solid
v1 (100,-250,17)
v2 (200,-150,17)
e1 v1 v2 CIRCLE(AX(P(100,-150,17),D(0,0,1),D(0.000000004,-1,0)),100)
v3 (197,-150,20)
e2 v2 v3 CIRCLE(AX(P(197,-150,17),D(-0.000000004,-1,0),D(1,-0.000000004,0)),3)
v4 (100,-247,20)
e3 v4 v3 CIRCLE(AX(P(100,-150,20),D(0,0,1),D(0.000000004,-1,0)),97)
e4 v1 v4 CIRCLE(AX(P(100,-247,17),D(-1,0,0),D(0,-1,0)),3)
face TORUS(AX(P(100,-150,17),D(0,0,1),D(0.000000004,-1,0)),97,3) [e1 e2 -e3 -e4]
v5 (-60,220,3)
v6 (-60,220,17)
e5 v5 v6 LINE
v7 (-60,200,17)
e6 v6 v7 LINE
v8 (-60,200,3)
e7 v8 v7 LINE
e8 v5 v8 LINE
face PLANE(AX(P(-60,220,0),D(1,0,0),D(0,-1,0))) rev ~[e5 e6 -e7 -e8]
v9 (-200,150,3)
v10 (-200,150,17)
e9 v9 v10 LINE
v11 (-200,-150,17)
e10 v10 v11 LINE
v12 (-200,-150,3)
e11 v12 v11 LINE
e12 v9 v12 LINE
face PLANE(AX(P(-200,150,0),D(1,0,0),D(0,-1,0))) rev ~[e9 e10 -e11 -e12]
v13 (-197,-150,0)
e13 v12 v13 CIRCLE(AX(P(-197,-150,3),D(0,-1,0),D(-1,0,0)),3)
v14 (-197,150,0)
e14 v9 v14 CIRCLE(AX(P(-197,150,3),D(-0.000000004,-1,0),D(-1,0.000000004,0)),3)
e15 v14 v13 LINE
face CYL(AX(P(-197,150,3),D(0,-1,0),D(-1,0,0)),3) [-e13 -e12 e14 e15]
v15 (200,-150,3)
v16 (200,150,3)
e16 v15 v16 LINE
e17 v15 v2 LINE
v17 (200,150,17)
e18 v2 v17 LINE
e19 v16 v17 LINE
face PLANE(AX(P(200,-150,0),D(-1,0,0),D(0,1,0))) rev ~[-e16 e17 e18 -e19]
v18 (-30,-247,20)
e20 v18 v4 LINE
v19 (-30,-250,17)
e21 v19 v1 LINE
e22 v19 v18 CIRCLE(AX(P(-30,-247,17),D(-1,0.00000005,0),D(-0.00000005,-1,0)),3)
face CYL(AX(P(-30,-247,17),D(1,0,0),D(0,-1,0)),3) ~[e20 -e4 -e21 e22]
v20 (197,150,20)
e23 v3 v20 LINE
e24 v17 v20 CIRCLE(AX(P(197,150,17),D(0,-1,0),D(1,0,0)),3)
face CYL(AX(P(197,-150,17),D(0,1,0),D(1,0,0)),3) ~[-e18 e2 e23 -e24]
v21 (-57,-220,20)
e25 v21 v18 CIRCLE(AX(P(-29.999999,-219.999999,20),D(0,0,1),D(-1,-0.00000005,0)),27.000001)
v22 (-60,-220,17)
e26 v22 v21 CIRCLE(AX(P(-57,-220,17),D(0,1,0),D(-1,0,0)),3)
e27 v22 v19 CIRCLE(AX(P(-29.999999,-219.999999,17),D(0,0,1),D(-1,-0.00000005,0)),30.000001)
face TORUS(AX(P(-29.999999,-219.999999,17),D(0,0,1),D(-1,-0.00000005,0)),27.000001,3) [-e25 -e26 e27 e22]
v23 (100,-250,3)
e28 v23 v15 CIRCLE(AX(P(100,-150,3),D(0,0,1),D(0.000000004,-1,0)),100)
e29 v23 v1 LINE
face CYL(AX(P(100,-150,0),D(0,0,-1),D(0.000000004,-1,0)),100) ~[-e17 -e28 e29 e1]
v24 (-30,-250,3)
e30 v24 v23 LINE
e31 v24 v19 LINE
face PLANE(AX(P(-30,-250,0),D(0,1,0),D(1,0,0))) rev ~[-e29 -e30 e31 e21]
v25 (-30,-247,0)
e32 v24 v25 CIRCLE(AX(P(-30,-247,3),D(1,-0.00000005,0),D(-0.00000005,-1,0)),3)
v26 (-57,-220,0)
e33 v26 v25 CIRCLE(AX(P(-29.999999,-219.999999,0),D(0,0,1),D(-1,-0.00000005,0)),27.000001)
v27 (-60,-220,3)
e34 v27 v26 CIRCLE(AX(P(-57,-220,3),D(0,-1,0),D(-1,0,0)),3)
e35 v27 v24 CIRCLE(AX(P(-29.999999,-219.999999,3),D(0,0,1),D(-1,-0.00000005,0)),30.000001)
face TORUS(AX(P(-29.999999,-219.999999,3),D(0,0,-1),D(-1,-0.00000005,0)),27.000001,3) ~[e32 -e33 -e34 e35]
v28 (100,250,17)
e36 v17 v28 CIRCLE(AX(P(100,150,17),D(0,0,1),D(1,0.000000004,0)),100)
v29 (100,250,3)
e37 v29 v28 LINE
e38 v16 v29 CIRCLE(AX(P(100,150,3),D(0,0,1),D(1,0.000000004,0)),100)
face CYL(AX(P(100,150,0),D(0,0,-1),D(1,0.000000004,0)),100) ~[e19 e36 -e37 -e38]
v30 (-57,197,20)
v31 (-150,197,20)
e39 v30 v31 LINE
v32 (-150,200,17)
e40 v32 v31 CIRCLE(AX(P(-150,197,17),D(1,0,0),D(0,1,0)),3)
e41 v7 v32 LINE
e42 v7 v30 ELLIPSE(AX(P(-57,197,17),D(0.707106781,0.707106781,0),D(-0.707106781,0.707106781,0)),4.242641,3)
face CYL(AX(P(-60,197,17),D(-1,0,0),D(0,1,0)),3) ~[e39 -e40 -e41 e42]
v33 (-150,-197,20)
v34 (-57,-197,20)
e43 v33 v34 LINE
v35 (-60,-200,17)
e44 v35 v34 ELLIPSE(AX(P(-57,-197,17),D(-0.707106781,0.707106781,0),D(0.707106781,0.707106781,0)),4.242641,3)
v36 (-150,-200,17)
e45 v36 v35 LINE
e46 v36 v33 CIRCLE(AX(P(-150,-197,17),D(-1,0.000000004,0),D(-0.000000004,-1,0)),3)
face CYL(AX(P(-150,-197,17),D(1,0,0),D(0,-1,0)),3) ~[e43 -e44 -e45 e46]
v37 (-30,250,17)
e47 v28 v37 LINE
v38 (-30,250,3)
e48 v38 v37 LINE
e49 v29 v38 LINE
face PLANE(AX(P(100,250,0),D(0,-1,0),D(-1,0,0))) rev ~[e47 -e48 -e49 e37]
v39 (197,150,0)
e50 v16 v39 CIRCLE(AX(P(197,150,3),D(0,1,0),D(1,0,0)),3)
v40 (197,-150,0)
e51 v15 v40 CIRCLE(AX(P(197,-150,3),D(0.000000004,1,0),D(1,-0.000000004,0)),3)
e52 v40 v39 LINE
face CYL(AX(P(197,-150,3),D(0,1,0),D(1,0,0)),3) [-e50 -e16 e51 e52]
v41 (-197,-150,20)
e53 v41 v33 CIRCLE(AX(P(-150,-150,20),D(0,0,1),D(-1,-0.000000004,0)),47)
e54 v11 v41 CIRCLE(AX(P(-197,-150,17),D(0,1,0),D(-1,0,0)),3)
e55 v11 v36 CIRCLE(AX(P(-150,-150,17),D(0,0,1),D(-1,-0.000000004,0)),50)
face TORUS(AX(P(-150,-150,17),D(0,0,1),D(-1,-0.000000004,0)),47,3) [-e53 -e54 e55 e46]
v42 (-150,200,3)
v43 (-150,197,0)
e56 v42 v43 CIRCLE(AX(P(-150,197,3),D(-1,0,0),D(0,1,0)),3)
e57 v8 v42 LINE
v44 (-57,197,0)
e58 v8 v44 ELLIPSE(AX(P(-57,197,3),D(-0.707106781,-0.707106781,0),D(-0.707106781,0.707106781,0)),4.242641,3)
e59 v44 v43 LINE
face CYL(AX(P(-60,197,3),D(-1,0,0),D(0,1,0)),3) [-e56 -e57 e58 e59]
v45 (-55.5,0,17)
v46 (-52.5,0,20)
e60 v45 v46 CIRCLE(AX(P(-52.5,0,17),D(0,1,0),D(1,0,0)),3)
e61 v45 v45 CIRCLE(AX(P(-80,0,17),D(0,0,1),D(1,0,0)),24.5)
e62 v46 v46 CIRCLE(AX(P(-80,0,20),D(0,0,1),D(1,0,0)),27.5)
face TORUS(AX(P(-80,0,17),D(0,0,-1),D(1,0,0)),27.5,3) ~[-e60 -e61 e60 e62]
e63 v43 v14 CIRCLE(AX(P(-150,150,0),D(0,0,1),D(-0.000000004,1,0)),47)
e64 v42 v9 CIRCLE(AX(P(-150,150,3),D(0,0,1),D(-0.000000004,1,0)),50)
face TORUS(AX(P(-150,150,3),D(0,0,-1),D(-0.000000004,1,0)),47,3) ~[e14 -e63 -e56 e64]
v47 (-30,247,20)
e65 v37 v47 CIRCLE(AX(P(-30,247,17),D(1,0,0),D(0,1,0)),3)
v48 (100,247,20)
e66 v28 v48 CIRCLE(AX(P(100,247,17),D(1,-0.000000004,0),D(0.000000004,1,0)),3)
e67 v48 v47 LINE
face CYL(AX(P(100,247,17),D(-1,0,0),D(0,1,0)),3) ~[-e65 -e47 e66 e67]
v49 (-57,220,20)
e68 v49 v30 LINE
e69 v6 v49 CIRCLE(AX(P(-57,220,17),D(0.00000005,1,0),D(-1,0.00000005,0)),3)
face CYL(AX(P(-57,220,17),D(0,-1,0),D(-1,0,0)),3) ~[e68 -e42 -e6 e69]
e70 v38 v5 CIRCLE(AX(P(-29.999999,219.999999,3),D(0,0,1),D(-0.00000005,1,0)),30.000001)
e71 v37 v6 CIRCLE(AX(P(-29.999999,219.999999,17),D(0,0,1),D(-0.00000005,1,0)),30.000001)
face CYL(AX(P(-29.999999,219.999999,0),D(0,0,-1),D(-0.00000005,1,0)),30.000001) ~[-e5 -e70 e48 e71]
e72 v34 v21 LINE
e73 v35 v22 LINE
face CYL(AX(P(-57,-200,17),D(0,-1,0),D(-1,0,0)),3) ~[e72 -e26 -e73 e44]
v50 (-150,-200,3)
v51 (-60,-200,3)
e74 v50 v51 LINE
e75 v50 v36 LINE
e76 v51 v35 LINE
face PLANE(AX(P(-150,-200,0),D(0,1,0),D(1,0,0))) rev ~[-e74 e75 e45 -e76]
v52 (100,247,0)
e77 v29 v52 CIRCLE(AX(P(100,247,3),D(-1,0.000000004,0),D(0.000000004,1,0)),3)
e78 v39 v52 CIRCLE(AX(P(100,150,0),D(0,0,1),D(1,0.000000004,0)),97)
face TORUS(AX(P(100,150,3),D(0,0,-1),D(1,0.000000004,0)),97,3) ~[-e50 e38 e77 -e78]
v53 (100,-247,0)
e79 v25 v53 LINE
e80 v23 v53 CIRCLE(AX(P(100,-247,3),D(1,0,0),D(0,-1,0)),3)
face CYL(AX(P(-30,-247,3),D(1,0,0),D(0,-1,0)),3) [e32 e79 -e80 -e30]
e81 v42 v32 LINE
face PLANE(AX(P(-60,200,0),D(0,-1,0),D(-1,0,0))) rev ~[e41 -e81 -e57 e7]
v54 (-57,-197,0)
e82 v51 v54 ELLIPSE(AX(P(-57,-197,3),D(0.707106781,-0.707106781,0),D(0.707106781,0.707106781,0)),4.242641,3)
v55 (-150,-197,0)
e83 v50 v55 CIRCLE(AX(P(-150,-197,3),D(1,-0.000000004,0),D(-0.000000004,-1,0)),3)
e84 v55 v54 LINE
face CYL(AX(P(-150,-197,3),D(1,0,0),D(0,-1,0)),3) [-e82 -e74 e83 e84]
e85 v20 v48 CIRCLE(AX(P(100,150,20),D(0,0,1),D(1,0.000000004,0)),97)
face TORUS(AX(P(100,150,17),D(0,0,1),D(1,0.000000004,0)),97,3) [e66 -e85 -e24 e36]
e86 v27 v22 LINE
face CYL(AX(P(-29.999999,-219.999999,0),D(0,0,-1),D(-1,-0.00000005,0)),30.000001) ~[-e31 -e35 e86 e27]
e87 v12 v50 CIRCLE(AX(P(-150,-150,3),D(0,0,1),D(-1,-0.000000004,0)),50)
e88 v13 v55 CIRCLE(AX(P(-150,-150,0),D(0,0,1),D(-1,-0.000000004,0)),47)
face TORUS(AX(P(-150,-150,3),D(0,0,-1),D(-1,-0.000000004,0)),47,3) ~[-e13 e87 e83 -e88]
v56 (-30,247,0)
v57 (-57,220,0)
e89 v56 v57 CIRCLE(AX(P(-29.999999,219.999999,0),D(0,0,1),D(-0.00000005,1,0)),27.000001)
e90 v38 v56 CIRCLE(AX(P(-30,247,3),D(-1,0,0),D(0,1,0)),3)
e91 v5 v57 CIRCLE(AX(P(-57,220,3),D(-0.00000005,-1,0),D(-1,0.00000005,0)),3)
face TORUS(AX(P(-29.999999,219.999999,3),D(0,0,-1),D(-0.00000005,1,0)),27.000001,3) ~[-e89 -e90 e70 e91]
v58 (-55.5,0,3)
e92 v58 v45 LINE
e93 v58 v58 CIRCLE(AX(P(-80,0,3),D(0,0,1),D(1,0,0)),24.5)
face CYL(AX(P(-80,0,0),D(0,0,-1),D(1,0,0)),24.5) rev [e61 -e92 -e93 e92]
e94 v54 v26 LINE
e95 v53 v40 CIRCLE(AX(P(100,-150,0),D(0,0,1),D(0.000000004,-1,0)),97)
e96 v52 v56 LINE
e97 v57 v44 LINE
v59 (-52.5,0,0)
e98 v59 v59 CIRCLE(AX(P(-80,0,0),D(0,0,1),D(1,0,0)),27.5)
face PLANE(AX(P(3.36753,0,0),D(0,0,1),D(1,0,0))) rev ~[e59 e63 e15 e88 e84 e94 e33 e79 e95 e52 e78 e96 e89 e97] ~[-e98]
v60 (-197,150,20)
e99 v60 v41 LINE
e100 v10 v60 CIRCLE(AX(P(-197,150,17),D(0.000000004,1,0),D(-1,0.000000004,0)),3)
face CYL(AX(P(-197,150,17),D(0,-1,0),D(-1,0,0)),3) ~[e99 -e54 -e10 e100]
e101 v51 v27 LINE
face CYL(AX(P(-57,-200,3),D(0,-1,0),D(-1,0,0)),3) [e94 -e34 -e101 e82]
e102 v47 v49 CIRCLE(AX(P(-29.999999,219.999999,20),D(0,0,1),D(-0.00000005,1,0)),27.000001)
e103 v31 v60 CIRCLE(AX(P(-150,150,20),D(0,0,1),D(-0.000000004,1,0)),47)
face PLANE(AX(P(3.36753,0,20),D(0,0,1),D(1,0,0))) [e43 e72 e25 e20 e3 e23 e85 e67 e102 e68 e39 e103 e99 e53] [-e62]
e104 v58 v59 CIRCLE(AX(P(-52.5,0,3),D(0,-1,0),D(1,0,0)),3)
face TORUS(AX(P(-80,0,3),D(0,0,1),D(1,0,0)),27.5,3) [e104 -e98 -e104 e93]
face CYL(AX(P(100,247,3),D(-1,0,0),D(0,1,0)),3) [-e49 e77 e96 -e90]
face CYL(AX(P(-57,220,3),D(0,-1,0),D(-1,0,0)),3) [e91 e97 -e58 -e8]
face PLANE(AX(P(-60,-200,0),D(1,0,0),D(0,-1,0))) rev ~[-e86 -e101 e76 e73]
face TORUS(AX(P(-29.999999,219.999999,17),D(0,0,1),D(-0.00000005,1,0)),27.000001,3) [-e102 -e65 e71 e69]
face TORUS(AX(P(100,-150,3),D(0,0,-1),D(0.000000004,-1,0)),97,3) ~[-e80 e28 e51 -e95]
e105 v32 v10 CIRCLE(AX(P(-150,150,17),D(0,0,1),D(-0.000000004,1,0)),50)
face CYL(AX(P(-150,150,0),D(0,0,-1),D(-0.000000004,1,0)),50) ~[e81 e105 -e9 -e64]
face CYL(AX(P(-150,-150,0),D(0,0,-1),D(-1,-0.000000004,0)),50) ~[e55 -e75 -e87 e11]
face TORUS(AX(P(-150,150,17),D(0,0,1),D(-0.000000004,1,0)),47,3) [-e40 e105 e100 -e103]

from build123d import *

# Parameters (mm, degrees)
F0_R     = 24.5
F1_DEPTH = 20
F2_R     = 3


with BuildPart() as f1:
    # F0 (on Top) → F1 (new body)
    with BuildSketch(Plane.XY):
        with BuildLine():
            Line((-30, -250), (100, -250))
            ThreePointArc((100, -250), (170.710678, -220.710678), (200, -150))
            Line((200, -150), (200, 150))
            ThreePointArc((200, 150), (170.710678, 220.710678), (100, 250))
            Line((100, 250), (-30, 250))
            ThreePointArc((-30, 250), (-51.213203, 241.213203), (-60, 220))
            Line((-60, 220), (-60, 200))
            Line((-60, 200), (-150, 200))
            ThreePointArc((-150, 200), (-185.355339, 185.355339), (-200, 150))
            Line((-200, 150), (-200, -150))
            ThreePointArc((-200, -150), (-185.355339, -185.355339), (-150, -200))
            Line((-150, -200), (-60, -200))
            Line((-60, -200), (-60, -220))
            ThreePointArc((-60, -220), (-51.213203, -241.213203), (-30, -250))
        make_face()
        with Locations((-80, 0)):
            Circle(F0_R, mode=Mode.SUBTRACT)
    extrude(amount=F1_DEPTH)

    # F2
    f2_edges = [f1.edges().sort_by_distance(p)[0] for p in [
        (-185.355339, -185.355339, 20),
        (-105, -200, 20),
        (-60, -210, 20),
        (-51.213203, -241.213203, 20),
        (35, -250, 20),
        (170.710678, -220.710678, 20),
        (200, 0, 20),
        (170.710678, 220.710678, 20),
        (35, 250, 20),
        (-51.213203, 241.213203, 20),
        (-60, 210, 20),
        (-105, 200, 20),
        (-185.355339, 185.355339, 20),
        (-200, 0, 20),
        (-104.5, 0, 20),
        (-185.355339, -185.355339, 0),
        (-105, -200, 0),
        (-60, -210, 0),
        (-51.213203, -241.213203, 0),
        (35, -250, 0),
        (170.710678, -220.710678, 0),
        (200, 0, 0),
        (170.710678, 220.710678, 0),
        (35, 250, 0),
        (-51.213203, 241.213203, 0),
        (-60, 210, 0),
        (-105, 200, 0),
        (-185.355339, 185.355339, 0),
        (-200, 0, 0),
        (-104.5, 0, 0),
    ]]
    fillet(f2_edges, radius=F2_R)


solid = f1.part
